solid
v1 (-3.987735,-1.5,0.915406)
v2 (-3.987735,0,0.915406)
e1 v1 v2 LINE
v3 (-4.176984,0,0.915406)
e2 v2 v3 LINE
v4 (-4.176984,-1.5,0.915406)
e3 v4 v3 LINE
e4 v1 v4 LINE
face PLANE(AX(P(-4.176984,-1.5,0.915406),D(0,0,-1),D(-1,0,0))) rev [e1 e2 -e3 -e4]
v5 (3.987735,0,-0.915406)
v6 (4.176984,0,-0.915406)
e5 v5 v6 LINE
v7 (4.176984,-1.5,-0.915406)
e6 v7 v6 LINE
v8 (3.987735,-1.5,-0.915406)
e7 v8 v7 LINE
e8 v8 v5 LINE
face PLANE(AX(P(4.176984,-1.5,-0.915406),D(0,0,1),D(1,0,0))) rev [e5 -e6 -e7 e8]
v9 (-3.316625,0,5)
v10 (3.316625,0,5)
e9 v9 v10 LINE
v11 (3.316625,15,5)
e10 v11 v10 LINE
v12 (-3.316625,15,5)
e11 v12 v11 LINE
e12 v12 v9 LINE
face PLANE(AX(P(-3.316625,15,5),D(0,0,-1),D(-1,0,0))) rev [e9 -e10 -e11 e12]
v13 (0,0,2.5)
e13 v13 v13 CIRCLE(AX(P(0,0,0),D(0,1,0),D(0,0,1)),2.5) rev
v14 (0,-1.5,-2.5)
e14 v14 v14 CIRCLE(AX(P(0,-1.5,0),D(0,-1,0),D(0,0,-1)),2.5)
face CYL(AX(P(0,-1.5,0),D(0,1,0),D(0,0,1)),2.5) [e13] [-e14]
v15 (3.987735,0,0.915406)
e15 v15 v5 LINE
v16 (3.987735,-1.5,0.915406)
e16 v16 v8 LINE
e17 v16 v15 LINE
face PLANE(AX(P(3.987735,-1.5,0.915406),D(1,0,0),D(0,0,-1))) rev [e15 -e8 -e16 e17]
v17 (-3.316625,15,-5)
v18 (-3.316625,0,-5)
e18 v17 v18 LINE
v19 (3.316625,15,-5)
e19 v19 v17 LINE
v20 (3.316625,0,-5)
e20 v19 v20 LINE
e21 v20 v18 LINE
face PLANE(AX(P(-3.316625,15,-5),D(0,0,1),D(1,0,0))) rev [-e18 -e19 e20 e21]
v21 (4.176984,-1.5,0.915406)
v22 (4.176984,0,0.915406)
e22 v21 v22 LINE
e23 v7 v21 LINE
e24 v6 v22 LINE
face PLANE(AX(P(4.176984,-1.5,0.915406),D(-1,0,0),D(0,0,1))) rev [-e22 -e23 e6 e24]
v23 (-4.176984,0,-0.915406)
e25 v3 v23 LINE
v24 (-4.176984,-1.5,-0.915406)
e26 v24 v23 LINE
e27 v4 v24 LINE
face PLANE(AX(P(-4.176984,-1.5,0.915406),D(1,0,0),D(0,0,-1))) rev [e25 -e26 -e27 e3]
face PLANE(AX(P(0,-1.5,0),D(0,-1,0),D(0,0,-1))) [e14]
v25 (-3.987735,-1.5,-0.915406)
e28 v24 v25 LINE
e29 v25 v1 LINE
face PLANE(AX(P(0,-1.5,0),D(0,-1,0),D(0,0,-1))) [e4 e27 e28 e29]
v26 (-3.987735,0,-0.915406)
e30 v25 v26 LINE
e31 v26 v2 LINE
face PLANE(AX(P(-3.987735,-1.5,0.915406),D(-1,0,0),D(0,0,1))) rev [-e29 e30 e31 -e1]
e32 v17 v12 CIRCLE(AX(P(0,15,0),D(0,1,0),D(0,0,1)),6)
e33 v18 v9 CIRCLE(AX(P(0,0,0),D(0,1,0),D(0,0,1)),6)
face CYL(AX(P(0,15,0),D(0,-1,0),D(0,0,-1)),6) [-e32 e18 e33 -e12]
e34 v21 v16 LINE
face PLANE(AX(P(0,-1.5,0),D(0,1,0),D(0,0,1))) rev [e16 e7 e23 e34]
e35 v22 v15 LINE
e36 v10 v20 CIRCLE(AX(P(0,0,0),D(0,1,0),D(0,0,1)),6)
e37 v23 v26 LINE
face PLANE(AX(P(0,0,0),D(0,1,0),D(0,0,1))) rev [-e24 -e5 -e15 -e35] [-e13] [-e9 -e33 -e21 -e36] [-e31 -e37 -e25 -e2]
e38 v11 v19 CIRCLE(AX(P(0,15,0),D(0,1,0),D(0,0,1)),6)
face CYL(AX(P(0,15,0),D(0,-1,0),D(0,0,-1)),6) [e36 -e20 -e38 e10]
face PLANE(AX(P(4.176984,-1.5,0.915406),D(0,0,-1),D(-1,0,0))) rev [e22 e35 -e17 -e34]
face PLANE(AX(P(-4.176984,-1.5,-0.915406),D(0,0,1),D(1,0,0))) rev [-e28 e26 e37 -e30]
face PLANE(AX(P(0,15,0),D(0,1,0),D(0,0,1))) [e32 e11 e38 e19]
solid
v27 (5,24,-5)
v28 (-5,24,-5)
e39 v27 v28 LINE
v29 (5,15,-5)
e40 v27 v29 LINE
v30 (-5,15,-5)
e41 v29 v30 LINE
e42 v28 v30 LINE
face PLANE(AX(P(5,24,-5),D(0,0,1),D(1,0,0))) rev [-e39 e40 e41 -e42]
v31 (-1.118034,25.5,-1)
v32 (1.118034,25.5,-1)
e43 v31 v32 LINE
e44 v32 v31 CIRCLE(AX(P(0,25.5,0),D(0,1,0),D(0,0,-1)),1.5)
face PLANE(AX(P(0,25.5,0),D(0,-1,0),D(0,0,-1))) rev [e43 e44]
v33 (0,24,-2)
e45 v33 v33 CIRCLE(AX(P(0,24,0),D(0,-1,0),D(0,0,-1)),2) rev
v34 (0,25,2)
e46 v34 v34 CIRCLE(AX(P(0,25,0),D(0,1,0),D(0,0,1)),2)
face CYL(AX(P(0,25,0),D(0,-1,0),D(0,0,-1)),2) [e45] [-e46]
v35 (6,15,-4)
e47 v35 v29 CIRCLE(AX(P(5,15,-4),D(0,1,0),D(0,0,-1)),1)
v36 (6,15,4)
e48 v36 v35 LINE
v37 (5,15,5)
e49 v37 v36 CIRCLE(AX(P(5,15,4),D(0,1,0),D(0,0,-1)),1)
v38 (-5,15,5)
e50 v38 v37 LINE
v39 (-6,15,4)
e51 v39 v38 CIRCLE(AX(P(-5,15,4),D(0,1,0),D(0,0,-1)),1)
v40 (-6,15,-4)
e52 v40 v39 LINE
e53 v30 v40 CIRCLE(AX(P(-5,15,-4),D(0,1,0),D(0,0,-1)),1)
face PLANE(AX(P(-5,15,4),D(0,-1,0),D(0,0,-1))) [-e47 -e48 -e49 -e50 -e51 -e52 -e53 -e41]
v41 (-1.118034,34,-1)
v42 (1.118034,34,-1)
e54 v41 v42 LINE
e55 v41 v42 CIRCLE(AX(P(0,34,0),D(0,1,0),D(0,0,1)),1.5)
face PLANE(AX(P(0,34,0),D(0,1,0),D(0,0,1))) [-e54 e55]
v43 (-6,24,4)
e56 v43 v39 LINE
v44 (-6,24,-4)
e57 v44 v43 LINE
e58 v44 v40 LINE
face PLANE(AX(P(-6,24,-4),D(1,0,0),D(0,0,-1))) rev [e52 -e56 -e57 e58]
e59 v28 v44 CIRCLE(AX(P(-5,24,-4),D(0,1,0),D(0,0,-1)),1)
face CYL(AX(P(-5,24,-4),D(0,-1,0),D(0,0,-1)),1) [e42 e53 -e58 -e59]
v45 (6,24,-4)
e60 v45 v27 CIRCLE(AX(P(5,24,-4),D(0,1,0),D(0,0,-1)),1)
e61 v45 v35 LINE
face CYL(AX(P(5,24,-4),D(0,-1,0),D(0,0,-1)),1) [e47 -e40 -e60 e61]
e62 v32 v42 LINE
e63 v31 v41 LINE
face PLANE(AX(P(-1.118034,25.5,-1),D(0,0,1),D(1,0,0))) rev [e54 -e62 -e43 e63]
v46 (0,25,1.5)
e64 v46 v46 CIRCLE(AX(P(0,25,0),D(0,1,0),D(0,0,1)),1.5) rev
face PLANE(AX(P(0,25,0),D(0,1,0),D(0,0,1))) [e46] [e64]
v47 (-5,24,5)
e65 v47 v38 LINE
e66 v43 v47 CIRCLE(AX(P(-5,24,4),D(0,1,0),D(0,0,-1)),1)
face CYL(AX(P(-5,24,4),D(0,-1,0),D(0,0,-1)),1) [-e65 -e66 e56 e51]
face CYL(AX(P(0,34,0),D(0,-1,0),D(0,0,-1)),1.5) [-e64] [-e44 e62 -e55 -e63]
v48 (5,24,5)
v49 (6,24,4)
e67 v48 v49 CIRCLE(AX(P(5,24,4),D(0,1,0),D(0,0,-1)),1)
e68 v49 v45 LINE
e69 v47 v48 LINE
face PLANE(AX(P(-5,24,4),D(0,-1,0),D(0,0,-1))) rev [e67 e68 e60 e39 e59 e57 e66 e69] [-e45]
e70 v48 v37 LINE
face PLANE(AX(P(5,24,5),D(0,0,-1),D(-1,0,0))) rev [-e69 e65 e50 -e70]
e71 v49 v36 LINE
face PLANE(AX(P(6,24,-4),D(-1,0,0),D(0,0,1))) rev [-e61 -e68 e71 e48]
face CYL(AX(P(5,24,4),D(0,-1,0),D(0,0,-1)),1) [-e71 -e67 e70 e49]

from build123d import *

# Parameters (mm, degrees)
BOSS_EXTRUDE1_DEPTH = 15
SKETCH2_R           = 2.5
SKETCH2_W           = 0.189248461
SKETCH2_H           = 1.830812042
BOSS_EXTRUDE2_DEPTH = 1.5
BOSS_EXTRUDE3_DEPTH = 9
SKETCH4_R           = 2
BOSS_EXTRUDE4_DEPTH = 1
SKETCH5_R           = 1.5
BOSS_EXTRUDE5_DEPTH = 10
CUT_EXTRUDE1_DEPTH  = 8.5


with BuildPart() as part:
    # Sketch1 → Boss-Extrude1 (new body)
    with BuildSketch(Plane(origin=(0, 0, 0), x_dir=(1, 0, 0), z_dir=(0, 1, 0))):
        with BuildLine():
            Line((-3.31662479, 5), (3.31662479, 5))
            ThreePointArc((3.31662479, 5), (6, 0), (3.31662479, -5))
            Line((3.31662479, -5), (-3.31662479, -5))
            ThreePointArc((-3.31662479, -5), (-6, 0), (-3.31662479, 5))
        make_face()
    extrude(amount=BOSS_EXTRUDE1_DEPTH)

    # Sketch2 → Boss-Extrude2 (add)
    with BuildSketch(Plane(origin=(0, 0, 0), x_dir=(-1, 0, 0), z_dir=(0, -1, 0))):
        with Locations(Location((0, 0, 0), (0, 0, 270))):
            Circle(SKETCH2_R)
        with Locations((4.082359667, 0)):
            Rectangle(SKETCH2_W, SKETCH2_H)
        with Locations((-4.082359667, 0)):
            Rectangle(SKETCH2_W, SKETCH2_H)
    extrude(amount=BOSS_EXTRUDE2_DEPTH)


with BuildPart() as body_2:
    # Sketch3 → Boss-Extrude3 (new body)
    with BuildSketch(Plane(origin=(0, 15, 0), x_dir=(1, 0, 0), z_dir=(0, 1, 0))):
        with BuildLine():
            Line((5, 5), (-5, 5))
            ThreePointArc((-5, 5), (-5.707106781, 4.707106781), (-6, 4))
            Line((-6, 4), (-6, -4))
            ThreePointArc((-6, -4), (-5.707106781, -4.707106781), (-5, -5))
            Line((-5, -5), (5, -5))
            ThreePointArc((5, -5), (5.707106781, -4.707106781), (6, -4))
            Line((6, -4), (6, 4))
            ThreePointArc((6, 4), (5.707106781, 4.707106781), (5, 5))
        make_face()
    extrude(amount=BOSS_EXTRUDE3_DEPTH)

    # Sketch4 → Boss-Extrude4 (add)
    with BuildSketch(Plane(origin=(0, 24, 0), x_dir=(1, 0, 0), z_dir=(0, 1, 0))):
        with Locations(Location((0, 0, 0), (0, 0, 90))):
            Circle(SKETCH4_R)
    extrude(amount=BOSS_EXTRUDE4_DEPTH)

    # Sketch5 → Boss-Extrude5 (add)
    with BuildSketch(Plane(origin=(0, 24, 0), x_dir=(1, 0, 0), z_dir=(0, 1, 0))):
        with Locations(Location((0, 0, 0), (0, 0, 270))):
            Circle(SKETCH5_R)
    extrude(amount=BOSS_EXTRUDE5_DEPTH)

    # Sketch6 → Cut-Extrude1 (cut)
    with BuildSketch(Plane(origin=(0, 34, 0), x_dir=(1, 0, 0), z_dir=(0, 1, 0))):
        with BuildLine():
            Line((-1.118033989, 1), (1.118033989, 1))
            ThreePointArc((1.118033989, 1), (0, 1.5), (-1.118033989, 1))
        make_face()
    extrude(amount=-CUT_EXTRUDE1_DEPTH, mode=Mode.SUBTRACT)


solid = Compound([part.part, body_2.part])
